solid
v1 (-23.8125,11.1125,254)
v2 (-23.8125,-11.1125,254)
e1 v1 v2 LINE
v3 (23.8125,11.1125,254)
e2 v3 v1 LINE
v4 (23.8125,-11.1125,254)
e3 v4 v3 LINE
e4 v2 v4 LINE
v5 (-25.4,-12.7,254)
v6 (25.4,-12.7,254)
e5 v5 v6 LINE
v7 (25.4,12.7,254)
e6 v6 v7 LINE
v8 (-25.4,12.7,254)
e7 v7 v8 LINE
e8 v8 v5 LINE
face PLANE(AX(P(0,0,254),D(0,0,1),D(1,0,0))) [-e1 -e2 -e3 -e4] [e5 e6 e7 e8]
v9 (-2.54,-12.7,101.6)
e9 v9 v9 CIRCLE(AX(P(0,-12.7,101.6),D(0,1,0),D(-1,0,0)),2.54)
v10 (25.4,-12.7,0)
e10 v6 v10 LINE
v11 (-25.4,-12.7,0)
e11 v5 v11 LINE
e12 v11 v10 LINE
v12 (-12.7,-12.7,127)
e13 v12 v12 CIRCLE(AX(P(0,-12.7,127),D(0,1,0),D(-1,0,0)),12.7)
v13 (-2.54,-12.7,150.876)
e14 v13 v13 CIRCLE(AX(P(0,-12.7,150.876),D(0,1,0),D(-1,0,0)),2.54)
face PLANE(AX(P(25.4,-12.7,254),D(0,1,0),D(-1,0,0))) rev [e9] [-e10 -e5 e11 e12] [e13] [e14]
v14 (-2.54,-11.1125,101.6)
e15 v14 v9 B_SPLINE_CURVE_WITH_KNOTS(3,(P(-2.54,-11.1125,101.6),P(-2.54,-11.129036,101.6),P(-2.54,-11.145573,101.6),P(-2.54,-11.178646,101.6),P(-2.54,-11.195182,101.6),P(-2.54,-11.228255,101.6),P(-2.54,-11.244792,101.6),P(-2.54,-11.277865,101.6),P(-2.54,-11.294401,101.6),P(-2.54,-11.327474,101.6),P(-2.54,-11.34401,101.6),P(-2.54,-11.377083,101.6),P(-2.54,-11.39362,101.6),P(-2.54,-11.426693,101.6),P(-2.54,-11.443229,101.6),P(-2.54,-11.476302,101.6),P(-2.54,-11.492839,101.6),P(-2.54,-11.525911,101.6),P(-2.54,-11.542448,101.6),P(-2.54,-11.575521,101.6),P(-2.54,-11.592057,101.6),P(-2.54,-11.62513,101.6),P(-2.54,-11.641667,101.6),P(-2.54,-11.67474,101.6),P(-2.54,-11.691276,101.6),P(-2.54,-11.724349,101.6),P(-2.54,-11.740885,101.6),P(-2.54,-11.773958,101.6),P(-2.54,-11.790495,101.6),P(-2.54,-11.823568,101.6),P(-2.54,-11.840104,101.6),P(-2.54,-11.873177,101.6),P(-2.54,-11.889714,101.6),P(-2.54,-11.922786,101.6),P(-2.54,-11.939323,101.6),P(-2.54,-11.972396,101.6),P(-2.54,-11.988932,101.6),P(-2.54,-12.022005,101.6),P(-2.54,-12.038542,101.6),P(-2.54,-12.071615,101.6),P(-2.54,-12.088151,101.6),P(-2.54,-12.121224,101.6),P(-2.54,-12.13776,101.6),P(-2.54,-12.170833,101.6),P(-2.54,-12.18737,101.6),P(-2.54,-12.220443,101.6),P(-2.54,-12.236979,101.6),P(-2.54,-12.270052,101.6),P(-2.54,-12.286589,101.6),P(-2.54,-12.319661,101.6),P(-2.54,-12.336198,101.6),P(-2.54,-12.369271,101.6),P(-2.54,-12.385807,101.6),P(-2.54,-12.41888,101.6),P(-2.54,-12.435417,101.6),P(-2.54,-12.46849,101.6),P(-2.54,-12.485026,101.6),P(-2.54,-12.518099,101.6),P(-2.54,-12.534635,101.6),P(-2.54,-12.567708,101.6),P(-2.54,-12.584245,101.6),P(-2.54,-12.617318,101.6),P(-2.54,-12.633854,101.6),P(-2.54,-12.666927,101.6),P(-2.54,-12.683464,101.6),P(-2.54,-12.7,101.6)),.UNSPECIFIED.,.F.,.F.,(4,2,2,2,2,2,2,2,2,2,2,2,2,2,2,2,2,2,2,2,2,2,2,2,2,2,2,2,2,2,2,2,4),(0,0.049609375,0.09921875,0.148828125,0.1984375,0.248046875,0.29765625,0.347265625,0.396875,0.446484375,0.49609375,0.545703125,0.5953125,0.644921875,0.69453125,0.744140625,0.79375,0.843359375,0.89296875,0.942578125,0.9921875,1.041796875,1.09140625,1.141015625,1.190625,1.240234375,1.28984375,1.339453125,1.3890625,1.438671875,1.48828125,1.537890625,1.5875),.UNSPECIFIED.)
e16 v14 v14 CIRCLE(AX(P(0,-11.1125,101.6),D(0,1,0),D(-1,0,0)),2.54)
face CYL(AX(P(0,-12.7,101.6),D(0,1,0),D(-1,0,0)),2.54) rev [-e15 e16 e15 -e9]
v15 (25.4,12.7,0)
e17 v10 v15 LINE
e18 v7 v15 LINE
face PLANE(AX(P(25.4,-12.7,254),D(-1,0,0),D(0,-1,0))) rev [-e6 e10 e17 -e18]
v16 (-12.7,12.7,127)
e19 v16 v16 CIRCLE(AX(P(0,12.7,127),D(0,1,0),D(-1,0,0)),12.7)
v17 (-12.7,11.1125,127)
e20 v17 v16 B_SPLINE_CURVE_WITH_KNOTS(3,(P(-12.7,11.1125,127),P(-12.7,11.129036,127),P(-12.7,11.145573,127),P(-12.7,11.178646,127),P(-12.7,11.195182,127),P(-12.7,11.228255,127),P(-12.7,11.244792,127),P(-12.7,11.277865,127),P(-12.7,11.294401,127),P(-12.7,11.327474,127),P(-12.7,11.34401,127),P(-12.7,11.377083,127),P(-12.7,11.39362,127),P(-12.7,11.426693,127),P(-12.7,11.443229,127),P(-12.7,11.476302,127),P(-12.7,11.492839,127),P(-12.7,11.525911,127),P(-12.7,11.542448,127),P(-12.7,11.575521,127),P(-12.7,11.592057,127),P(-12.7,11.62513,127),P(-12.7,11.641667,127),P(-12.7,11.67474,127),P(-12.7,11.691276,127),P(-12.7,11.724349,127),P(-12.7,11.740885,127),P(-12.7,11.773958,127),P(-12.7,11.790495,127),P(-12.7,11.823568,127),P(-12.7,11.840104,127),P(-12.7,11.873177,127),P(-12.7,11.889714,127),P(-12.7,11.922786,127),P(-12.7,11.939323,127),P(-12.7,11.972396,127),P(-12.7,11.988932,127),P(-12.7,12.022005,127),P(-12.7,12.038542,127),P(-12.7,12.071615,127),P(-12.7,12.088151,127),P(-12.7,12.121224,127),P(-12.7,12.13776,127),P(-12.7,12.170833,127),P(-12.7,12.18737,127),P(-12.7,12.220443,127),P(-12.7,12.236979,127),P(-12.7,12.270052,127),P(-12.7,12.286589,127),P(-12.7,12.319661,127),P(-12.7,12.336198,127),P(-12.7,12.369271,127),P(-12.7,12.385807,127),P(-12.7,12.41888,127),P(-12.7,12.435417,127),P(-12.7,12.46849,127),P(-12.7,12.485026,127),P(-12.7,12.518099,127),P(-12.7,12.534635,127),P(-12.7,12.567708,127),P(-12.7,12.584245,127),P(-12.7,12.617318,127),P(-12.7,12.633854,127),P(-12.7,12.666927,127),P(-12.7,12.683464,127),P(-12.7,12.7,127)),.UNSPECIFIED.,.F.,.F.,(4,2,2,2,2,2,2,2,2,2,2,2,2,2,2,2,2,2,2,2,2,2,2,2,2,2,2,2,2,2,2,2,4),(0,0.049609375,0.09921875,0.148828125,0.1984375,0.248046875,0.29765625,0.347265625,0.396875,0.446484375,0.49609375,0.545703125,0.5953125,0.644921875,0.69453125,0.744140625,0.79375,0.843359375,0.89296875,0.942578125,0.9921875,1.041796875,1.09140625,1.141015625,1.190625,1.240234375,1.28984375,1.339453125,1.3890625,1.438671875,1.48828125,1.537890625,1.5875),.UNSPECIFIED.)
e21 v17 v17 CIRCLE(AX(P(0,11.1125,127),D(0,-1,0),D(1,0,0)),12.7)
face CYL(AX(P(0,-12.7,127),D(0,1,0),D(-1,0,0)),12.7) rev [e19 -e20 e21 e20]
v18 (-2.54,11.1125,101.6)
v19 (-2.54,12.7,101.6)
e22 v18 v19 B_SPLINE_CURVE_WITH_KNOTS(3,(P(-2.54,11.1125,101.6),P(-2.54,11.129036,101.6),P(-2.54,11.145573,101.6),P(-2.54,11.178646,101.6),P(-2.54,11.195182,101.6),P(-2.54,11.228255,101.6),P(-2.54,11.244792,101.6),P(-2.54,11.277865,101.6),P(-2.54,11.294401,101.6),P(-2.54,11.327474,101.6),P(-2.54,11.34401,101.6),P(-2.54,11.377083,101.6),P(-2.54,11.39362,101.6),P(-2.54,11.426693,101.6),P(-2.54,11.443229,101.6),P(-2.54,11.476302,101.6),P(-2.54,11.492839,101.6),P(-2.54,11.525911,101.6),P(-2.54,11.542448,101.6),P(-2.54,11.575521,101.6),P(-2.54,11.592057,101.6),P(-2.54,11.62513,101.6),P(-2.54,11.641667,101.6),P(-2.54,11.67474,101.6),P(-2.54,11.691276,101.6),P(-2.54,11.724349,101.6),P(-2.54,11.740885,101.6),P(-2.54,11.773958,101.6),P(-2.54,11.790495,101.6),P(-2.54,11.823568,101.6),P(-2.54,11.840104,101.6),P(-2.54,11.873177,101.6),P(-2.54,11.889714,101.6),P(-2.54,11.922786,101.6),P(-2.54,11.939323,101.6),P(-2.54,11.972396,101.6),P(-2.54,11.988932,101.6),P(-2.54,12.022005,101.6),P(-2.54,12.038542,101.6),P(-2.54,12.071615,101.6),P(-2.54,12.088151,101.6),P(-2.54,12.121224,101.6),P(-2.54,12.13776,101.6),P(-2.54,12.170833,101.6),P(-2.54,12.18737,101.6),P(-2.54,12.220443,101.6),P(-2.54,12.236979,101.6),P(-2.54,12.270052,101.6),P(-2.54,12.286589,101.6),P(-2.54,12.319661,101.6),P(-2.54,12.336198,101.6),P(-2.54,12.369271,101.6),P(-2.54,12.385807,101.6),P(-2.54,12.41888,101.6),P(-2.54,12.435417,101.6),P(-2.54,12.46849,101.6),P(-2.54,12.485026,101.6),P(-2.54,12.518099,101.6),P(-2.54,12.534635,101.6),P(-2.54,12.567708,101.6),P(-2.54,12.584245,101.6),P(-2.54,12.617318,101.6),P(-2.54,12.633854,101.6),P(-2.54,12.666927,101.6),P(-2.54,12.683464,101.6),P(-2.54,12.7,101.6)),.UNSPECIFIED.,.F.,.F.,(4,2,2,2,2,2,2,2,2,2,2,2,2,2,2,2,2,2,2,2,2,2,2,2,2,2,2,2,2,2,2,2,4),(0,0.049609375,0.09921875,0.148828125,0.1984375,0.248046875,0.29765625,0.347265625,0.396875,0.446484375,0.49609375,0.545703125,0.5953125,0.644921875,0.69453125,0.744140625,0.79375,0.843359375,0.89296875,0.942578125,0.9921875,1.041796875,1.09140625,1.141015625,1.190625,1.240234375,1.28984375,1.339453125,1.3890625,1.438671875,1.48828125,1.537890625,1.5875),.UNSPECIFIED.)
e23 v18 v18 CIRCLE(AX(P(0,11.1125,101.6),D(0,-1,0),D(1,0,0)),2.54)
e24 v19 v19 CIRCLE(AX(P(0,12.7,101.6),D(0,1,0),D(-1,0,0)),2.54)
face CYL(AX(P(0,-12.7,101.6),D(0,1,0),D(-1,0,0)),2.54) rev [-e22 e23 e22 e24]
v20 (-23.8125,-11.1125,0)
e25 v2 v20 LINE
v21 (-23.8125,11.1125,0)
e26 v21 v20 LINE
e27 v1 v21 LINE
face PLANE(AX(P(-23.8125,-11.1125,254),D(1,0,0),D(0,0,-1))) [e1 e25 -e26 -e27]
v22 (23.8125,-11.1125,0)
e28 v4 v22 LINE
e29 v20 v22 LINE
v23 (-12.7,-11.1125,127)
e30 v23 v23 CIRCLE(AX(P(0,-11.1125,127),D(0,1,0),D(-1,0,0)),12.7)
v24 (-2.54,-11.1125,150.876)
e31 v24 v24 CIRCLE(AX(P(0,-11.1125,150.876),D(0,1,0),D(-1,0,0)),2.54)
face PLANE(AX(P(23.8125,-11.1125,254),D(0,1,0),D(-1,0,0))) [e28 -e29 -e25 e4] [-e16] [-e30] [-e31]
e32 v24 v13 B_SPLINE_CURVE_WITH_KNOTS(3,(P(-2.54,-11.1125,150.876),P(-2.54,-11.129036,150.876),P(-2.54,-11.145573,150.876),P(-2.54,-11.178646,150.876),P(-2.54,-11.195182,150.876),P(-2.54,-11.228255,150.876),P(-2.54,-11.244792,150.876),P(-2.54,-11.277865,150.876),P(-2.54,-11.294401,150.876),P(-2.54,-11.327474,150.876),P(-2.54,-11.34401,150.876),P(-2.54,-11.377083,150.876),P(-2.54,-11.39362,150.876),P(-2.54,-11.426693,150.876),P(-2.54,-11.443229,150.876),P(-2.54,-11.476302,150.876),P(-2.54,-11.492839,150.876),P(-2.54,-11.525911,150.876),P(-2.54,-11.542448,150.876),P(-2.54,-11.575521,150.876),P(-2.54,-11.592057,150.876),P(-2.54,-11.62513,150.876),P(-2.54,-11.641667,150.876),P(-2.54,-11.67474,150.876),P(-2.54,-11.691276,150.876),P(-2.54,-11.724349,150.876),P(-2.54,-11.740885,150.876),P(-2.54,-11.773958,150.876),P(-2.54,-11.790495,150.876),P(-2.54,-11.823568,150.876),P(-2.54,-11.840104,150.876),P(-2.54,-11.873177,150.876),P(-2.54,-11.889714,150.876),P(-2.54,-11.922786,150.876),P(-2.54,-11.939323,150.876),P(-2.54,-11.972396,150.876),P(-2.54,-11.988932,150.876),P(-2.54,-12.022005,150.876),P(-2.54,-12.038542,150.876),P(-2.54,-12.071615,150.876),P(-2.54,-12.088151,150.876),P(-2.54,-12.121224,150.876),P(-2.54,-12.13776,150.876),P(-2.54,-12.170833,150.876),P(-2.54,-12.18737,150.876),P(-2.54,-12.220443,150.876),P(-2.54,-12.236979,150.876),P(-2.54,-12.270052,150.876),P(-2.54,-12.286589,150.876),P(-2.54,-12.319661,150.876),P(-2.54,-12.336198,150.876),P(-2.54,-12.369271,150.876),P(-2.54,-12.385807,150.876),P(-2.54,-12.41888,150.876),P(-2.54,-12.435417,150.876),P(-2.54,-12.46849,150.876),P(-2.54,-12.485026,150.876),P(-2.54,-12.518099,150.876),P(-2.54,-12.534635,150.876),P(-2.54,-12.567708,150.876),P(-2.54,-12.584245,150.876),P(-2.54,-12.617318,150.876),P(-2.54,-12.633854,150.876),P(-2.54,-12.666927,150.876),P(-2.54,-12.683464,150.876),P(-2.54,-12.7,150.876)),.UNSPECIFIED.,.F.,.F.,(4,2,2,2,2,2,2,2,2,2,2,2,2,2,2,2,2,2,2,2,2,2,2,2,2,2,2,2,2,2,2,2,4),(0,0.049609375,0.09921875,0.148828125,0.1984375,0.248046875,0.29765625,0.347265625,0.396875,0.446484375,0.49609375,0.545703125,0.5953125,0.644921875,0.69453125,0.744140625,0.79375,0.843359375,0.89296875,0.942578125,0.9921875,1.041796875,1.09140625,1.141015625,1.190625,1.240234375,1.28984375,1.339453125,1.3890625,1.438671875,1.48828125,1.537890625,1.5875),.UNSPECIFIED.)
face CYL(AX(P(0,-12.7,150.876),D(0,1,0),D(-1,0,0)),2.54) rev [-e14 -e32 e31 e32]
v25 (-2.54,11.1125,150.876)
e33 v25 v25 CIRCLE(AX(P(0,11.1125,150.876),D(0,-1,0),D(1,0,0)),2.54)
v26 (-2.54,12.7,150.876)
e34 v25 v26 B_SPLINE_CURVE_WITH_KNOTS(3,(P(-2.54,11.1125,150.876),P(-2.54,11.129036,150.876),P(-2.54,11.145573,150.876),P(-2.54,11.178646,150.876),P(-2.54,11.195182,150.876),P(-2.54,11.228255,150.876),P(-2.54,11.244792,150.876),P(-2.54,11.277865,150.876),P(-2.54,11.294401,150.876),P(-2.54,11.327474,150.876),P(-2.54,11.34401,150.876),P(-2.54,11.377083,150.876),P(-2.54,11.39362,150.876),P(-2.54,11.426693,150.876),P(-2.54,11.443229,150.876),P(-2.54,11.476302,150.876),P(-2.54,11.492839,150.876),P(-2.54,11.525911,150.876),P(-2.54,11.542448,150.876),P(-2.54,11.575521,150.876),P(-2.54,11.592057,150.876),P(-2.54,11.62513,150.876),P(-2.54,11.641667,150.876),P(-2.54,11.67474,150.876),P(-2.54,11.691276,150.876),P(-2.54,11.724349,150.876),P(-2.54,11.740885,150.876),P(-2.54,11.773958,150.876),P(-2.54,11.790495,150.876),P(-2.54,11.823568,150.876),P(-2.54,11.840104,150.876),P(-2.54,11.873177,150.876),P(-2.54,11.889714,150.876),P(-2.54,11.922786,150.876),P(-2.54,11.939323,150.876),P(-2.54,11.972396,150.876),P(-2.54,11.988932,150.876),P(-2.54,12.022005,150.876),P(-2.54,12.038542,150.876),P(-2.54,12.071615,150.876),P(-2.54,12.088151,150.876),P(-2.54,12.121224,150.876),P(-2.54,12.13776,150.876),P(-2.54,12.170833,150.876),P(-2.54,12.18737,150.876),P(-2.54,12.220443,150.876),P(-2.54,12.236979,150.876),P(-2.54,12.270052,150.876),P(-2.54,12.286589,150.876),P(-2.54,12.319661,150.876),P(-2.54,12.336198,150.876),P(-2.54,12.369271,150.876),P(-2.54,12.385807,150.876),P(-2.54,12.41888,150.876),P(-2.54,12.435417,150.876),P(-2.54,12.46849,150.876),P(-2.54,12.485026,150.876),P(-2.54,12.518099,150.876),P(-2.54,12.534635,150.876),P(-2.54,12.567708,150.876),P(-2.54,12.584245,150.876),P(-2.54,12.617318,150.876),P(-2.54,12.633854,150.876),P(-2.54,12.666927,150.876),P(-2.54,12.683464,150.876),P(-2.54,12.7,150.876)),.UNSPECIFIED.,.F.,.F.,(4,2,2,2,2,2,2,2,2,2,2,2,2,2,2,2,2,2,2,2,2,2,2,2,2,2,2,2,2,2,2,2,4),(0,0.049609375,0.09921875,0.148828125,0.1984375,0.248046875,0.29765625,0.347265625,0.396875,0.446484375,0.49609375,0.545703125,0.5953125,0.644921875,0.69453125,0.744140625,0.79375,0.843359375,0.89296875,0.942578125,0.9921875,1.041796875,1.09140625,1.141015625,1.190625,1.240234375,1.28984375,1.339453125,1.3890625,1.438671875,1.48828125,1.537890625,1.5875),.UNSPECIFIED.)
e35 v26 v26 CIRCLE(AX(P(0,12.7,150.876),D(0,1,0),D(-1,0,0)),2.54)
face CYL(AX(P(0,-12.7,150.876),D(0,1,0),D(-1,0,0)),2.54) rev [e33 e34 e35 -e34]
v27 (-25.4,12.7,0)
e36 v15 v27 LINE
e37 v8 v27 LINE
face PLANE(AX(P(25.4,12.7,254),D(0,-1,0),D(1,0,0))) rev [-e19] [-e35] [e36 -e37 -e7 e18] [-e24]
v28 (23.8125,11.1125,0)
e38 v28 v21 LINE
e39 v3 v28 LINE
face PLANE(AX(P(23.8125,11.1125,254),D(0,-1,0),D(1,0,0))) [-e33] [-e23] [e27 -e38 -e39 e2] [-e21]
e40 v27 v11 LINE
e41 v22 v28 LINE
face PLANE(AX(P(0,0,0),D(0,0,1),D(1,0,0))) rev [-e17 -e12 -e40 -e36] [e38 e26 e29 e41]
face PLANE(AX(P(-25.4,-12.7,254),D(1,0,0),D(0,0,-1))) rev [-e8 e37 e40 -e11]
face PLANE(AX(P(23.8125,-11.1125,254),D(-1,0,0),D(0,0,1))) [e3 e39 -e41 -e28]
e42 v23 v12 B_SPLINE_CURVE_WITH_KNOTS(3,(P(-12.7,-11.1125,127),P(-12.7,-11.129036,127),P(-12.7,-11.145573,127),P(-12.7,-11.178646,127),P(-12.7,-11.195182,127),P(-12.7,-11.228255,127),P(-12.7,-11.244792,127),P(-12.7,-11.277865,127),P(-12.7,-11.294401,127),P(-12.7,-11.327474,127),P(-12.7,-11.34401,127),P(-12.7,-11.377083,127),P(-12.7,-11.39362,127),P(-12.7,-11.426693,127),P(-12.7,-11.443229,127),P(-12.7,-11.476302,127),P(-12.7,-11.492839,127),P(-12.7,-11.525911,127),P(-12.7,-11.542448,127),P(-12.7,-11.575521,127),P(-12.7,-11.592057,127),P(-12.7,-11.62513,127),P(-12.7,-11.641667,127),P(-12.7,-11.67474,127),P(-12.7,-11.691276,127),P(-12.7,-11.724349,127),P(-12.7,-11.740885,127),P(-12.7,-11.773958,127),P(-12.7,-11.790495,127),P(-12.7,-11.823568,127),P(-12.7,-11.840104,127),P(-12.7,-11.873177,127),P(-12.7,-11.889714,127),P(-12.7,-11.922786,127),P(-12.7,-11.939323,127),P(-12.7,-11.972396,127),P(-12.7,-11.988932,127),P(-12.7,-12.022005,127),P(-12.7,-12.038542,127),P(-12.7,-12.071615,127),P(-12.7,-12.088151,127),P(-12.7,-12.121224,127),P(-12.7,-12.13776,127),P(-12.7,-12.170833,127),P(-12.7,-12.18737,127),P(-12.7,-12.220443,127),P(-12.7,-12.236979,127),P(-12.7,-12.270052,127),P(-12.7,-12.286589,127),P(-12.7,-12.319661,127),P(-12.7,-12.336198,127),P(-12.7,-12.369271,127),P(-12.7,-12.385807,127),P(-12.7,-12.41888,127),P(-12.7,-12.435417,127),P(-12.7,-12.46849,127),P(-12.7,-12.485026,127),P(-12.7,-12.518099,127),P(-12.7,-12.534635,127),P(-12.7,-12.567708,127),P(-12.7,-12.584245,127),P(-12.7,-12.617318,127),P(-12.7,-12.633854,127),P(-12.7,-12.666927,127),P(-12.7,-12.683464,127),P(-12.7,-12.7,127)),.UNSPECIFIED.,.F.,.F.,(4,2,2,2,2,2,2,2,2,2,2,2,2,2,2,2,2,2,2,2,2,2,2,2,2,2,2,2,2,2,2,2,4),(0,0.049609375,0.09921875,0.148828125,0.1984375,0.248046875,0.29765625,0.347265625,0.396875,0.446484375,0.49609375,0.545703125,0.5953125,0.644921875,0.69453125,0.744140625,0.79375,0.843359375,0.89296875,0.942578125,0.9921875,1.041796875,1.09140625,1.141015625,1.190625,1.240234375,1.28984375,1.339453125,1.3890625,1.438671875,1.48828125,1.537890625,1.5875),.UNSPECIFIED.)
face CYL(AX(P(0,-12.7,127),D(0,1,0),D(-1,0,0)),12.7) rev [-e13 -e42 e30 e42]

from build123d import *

# Parameters (mm, degrees)
SKETCH1_W           = 50.8
SKETCH1_H           = 25.4
SKETCH1_W_2         = 47.625
SKETCH1_H_2         = 22.225
BOSS_EXTRUDE1_DEPTH = 254
SKETCH2_R           = 12.7
SKETCH2_R_2         = 2.54
CUT_EXTRUDE1_DEPTH  = 257.527425434


with BuildPart() as part:
    # Sketch1 → Boss-Extrude1 (new body)
    with BuildSketch(Plane.XY):
        Rectangle(SKETCH1_W, SKETCH1_H)
        Rectangle(SKETCH1_W_2, SKETCH1_H_2, mode=Mode.SUBTRACT)
    extrude(amount=BOSS_EXTRUDE1_DEPTH)

    # Sketch2 → Cut-Extrude1 (cut, through all)
    with BuildSketch(Plane(origin=(0, 12.7, 0), x_dir=(1, 0, 0), z_dir=(0, 1, 0))):
        with Locations(Location((0, -127, 0), (0, 0, 180))):
            Circle(SKETCH2_R)
        with Locations(Location((0, -101.6, 0), (0, 0, 180))):
            Circle(SKETCH2_R_2)
        with Locations(Location((0, -150.876, 0), (0, 0, 180))):
            Circle(SKETCH2_R_2)
    extrude(amount=-CUT_EXTRUDE1_DEPTH, mode=Mode.SUBTRACT)


solid = part.part
